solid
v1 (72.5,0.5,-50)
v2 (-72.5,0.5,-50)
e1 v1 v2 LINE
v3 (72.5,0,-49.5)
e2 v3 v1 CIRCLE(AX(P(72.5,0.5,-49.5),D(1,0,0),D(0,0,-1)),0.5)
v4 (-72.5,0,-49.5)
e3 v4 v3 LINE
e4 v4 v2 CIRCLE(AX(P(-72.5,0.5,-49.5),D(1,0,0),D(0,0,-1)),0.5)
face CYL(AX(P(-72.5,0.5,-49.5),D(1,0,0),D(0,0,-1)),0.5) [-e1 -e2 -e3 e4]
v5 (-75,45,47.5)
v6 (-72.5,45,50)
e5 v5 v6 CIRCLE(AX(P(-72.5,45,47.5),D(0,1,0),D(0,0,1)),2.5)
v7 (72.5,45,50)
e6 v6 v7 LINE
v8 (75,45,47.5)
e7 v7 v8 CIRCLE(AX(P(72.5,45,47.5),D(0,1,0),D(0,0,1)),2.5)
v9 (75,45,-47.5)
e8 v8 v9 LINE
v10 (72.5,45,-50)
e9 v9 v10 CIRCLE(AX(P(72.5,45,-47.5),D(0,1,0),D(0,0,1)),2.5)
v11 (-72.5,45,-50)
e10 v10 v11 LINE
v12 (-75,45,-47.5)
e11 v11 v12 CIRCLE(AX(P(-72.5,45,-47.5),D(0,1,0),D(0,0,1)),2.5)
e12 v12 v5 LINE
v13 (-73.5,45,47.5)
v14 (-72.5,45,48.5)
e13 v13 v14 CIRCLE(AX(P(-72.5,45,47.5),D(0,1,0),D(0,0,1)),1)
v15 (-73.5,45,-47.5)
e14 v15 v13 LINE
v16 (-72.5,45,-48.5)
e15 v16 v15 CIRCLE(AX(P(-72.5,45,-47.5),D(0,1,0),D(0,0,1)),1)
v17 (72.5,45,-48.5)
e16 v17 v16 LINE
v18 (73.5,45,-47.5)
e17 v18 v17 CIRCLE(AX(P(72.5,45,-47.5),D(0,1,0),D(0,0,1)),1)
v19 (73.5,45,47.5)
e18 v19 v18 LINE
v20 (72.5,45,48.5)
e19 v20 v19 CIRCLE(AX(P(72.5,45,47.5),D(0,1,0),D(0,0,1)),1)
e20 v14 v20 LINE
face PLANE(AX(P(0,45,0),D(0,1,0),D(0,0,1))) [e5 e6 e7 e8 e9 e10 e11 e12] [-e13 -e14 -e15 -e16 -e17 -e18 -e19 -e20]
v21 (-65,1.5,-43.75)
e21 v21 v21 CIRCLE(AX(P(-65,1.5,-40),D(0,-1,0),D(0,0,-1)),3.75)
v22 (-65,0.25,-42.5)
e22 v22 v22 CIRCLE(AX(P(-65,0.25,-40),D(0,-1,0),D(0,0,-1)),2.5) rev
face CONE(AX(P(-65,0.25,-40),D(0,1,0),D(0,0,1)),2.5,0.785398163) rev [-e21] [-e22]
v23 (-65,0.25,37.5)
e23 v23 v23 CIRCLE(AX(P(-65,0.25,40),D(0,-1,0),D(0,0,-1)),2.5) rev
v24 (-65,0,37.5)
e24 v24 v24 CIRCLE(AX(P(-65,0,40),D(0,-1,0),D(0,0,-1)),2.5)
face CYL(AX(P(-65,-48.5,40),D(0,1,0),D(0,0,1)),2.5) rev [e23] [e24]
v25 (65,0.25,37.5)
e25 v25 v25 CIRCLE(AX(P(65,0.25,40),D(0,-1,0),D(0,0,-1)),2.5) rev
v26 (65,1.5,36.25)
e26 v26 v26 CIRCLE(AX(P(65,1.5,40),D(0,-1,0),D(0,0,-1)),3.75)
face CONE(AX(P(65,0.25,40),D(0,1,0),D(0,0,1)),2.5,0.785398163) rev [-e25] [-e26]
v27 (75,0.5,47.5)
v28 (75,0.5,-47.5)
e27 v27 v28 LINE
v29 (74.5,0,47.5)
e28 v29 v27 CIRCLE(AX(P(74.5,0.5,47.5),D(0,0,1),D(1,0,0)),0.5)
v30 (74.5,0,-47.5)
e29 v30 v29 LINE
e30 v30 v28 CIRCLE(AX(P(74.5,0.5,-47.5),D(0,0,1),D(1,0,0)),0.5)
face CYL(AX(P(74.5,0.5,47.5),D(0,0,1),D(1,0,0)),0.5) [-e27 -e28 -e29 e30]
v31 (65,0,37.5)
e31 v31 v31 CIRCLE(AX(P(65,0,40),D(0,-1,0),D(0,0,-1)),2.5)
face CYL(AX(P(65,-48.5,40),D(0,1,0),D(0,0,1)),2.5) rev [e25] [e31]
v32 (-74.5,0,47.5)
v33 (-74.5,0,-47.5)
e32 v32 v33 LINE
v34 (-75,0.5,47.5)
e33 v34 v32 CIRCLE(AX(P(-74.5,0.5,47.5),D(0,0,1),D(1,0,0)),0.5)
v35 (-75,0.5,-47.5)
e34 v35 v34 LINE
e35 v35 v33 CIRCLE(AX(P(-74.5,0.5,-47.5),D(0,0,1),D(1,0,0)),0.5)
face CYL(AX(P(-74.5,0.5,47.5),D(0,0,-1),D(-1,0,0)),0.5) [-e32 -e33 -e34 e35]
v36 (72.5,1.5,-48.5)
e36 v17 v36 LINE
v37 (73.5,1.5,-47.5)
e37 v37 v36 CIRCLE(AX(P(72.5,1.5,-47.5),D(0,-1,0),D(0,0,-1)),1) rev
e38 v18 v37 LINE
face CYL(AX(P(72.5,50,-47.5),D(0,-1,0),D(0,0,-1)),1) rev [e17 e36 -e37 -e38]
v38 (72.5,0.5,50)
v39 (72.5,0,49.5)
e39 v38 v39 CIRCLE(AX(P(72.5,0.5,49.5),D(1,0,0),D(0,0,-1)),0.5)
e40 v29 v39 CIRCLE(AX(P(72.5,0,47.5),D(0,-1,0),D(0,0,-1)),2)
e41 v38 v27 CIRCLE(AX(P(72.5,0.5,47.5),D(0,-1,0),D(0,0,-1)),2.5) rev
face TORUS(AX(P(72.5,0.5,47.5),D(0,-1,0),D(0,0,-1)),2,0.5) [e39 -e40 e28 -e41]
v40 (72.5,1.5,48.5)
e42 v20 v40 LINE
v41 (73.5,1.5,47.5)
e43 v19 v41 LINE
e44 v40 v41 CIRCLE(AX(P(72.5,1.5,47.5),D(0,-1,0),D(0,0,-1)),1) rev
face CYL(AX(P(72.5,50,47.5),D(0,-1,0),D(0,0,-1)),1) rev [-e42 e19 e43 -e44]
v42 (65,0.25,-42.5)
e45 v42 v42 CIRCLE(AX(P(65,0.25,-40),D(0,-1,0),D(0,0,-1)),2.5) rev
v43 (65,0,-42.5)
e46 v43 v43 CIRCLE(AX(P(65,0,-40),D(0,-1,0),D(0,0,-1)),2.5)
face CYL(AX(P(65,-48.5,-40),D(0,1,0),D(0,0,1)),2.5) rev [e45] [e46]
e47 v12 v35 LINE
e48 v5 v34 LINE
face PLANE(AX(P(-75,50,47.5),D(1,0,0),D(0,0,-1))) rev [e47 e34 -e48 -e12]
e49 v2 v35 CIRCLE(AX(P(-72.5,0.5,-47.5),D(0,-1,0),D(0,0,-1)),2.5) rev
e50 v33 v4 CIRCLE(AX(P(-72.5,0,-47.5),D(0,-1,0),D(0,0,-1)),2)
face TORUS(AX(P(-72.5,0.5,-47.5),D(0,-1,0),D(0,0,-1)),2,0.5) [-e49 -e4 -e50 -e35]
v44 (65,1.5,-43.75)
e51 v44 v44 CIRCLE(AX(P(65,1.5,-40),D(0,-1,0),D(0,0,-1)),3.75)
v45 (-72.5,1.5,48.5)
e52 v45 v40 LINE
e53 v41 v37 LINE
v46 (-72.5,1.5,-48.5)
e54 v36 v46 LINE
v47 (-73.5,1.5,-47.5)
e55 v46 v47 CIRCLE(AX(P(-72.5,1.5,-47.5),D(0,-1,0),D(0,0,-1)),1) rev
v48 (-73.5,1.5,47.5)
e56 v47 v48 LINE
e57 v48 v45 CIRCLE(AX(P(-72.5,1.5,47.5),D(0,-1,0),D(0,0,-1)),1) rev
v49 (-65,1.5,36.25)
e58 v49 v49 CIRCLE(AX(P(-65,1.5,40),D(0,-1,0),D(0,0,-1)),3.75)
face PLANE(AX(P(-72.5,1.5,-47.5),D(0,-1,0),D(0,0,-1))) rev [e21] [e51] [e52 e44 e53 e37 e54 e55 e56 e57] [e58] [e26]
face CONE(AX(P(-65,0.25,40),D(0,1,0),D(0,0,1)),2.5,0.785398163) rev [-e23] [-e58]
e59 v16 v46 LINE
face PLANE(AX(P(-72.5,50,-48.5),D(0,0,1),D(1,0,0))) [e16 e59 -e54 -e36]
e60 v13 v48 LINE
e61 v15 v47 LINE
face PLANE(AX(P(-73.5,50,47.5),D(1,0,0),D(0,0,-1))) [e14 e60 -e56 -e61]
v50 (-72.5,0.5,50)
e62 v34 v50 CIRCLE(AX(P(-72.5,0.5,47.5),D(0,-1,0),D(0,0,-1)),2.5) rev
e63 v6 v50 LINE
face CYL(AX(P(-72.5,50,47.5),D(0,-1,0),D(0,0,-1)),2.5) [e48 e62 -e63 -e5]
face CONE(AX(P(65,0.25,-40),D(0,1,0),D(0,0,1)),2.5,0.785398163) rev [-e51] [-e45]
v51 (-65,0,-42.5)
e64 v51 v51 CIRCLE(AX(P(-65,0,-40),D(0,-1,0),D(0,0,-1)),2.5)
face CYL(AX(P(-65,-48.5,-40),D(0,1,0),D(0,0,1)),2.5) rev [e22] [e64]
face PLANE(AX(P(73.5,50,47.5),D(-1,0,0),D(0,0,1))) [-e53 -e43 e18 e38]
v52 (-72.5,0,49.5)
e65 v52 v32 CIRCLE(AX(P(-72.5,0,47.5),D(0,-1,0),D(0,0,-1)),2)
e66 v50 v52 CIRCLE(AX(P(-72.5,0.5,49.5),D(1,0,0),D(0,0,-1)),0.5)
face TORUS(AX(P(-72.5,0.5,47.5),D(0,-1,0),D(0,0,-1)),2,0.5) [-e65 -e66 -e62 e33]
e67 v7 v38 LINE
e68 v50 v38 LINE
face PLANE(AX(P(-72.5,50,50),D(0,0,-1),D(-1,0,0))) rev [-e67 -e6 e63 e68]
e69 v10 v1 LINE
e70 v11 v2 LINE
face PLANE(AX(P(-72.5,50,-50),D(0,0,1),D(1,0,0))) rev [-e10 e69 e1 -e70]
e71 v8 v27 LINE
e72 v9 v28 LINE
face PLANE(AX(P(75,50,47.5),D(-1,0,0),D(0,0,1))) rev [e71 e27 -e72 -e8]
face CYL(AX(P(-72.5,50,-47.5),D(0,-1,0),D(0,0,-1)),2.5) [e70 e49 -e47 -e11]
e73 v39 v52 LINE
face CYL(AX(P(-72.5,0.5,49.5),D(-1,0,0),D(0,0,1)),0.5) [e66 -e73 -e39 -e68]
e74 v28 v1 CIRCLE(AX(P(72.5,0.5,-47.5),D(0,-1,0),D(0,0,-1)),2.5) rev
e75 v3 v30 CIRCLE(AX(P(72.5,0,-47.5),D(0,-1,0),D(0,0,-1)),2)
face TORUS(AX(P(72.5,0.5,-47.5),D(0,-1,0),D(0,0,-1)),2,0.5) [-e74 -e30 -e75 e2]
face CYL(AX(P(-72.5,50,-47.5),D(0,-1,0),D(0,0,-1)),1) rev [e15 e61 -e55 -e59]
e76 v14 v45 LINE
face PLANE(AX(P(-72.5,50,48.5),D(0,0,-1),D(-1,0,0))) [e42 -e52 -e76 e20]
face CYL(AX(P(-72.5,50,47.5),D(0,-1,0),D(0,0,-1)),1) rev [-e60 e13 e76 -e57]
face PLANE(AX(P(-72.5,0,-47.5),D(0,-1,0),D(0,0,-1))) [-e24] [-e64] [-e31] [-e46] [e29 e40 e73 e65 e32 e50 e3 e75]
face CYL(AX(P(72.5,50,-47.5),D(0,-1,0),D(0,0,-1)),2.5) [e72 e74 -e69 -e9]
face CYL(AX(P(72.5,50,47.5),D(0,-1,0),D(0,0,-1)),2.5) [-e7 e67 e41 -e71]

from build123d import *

# Parameters (mm, degrees)
BOSS_EXTRUDE1_DEPTH = 50
SHELL1_T            = -1.5
SKETCH2_R           = 2.5
CUT_EXTRUDE1_DEPTH  = 50
SKETCH3_OUTSIDE_W   = 189.504
SKETCH3_OUTSIDE_H   = 139.504
CUT_EXTRUDE2_DEPTH  = 5
CUT_EXTRUDE2_TAPER  = 0.5
FILLET1_R           = 0.5
CHAMFER1_SIZE       = 1.25


with BuildPart() as part:
    # Sketch1 → Boss-Extrude1 (new body)
    with BuildSketch(Plane(origin=(0, 0, 0), x_dir=(1, 0, 0), z_dir=(0, 1, 0))):
        with BuildLine():
            Line((-72.5, -50), (72.5, -50))
            ThreePointArc((72.5, -50), (74.267766953, -49.267766953), (75, -47.5))
            Line((75, -47.5), (75, 47.5))
            ThreePointArc((75, 47.5), (74.267766953, 49.267766953), (72.5, 50))
            Line((72.5, 50), (-72.5, 50))
            ThreePointArc((-72.5, 50), (-74.267766953, 49.267766953), (-75, 47.5))
            Line((-75, 47.5), (-75, -47.5))
            ThreePointArc((-75, -47.5), (-74.267766953, -49.267766953), (-72.5, -50))
        make_face()
    extrude(amount=BOSS_EXTRUDE1_DEPTH)

    # Shell1
    shell1_openings = [part.faces().sort_by_distance(p)[0] for p in [
        (0, 50, 0),
    ]]
    offset(amount=SHELL1_T, openings=shell1_openings, kind=Kind.INTERSECTION)

    # Sketch2 → Cut-Extrude1 (cut)
    with BuildSketch(Plane(origin=(0, 1.5, 0), x_dir=(1, 0, 0), z_dir=(0, 1, 0))):
        with Locations((-65, 40)):
            Circle(SKETCH2_R)
        with Locations((65, 40)):
            Circle(SKETCH2_R)
        with Locations((65, -40)):
            Circle(SKETCH2_R)
        with Locations((-65, -40)):
            Circle(SKETCH2_R)
    extrude(amount=-CUT_EXTRUDE1_DEPTH, mode=Mode.SUBTRACT)

    # Sketch3 outside → Cut-Extrude2 (cut)
    with BuildSketch(Plane(origin=(0, 50, 0), x_dir=(1, 0, 0), z_dir=(0, 1, 0))):
        Rectangle(SKETCH3_OUTSIDE_W, SKETCH3_OUTSIDE_H)
        with BuildLine():
            Line((-69.232233047, -45.732233047), (69.232233047, -45.732233047))
            ThreePointArc((69.232233047, -45.732233047), (70.292893219, -45.292893219), (70.732233047, -44.232233047))
            Line((70.732233047, -44.232233047), (70.732233047, 44.232233047))
            ThreePointArc((70.732233047, 44.232233047), (70.292893219, 45.292893219), (69.232233047, 45.732233047))
            Line((69.232233047, 45.732233047), (-69.232233047, 45.732233047))
            ThreePointArc((-69.232233047, 45.732233047), (-70.292893219, 45.292893219), (-70.732233047, 44.232233047))
            Line((-70.732233047, 44.232233047), (-70.732233047, -44.232233047))
            ThreePointArc((-70.732233047, -44.232233047), (-70.292893219, -45.292893219), (-69.232233047, -45.732233047))
        make_face(mode=Mode.SUBTRACT)
    extrude(amount=-CUT_EXTRUDE2_DEPTH, taper=CUT_EXTRUDE2_TAPER, mode=Mode.SUBTRACT)

    # Fillet1
    fillet1_edges = [part.edges().sort_by_distance(p)[0] for p in [
        (-75, 0, 0),
        (-74.267766953, 0, -49.267766953),
        (0, 0, -50),
        (74.267766953, 0, -49.267766953),
        (75, 0, 0),
        (74.267766953, 0, 49.267766953),
        (0, 0, 50),
        (-74.267766953, 0, 49.267766953),
    ]]
    fillet(fillet1_edges, radius=FILLET1_R)

    # Chamfer1
    chamfer1_edges = [part.edges().sort_by_distance(p)[0] for p in [
        (-67.5, 1.5, -40),
        (62.5, 1.5, -40),
        (62.5, 1.5, 40),
        (-67.5, 1.5, 40),
    ]]
    chamfer(chamfer1_edges, length=CHAMFER1_SIZE)


solid = part.part
